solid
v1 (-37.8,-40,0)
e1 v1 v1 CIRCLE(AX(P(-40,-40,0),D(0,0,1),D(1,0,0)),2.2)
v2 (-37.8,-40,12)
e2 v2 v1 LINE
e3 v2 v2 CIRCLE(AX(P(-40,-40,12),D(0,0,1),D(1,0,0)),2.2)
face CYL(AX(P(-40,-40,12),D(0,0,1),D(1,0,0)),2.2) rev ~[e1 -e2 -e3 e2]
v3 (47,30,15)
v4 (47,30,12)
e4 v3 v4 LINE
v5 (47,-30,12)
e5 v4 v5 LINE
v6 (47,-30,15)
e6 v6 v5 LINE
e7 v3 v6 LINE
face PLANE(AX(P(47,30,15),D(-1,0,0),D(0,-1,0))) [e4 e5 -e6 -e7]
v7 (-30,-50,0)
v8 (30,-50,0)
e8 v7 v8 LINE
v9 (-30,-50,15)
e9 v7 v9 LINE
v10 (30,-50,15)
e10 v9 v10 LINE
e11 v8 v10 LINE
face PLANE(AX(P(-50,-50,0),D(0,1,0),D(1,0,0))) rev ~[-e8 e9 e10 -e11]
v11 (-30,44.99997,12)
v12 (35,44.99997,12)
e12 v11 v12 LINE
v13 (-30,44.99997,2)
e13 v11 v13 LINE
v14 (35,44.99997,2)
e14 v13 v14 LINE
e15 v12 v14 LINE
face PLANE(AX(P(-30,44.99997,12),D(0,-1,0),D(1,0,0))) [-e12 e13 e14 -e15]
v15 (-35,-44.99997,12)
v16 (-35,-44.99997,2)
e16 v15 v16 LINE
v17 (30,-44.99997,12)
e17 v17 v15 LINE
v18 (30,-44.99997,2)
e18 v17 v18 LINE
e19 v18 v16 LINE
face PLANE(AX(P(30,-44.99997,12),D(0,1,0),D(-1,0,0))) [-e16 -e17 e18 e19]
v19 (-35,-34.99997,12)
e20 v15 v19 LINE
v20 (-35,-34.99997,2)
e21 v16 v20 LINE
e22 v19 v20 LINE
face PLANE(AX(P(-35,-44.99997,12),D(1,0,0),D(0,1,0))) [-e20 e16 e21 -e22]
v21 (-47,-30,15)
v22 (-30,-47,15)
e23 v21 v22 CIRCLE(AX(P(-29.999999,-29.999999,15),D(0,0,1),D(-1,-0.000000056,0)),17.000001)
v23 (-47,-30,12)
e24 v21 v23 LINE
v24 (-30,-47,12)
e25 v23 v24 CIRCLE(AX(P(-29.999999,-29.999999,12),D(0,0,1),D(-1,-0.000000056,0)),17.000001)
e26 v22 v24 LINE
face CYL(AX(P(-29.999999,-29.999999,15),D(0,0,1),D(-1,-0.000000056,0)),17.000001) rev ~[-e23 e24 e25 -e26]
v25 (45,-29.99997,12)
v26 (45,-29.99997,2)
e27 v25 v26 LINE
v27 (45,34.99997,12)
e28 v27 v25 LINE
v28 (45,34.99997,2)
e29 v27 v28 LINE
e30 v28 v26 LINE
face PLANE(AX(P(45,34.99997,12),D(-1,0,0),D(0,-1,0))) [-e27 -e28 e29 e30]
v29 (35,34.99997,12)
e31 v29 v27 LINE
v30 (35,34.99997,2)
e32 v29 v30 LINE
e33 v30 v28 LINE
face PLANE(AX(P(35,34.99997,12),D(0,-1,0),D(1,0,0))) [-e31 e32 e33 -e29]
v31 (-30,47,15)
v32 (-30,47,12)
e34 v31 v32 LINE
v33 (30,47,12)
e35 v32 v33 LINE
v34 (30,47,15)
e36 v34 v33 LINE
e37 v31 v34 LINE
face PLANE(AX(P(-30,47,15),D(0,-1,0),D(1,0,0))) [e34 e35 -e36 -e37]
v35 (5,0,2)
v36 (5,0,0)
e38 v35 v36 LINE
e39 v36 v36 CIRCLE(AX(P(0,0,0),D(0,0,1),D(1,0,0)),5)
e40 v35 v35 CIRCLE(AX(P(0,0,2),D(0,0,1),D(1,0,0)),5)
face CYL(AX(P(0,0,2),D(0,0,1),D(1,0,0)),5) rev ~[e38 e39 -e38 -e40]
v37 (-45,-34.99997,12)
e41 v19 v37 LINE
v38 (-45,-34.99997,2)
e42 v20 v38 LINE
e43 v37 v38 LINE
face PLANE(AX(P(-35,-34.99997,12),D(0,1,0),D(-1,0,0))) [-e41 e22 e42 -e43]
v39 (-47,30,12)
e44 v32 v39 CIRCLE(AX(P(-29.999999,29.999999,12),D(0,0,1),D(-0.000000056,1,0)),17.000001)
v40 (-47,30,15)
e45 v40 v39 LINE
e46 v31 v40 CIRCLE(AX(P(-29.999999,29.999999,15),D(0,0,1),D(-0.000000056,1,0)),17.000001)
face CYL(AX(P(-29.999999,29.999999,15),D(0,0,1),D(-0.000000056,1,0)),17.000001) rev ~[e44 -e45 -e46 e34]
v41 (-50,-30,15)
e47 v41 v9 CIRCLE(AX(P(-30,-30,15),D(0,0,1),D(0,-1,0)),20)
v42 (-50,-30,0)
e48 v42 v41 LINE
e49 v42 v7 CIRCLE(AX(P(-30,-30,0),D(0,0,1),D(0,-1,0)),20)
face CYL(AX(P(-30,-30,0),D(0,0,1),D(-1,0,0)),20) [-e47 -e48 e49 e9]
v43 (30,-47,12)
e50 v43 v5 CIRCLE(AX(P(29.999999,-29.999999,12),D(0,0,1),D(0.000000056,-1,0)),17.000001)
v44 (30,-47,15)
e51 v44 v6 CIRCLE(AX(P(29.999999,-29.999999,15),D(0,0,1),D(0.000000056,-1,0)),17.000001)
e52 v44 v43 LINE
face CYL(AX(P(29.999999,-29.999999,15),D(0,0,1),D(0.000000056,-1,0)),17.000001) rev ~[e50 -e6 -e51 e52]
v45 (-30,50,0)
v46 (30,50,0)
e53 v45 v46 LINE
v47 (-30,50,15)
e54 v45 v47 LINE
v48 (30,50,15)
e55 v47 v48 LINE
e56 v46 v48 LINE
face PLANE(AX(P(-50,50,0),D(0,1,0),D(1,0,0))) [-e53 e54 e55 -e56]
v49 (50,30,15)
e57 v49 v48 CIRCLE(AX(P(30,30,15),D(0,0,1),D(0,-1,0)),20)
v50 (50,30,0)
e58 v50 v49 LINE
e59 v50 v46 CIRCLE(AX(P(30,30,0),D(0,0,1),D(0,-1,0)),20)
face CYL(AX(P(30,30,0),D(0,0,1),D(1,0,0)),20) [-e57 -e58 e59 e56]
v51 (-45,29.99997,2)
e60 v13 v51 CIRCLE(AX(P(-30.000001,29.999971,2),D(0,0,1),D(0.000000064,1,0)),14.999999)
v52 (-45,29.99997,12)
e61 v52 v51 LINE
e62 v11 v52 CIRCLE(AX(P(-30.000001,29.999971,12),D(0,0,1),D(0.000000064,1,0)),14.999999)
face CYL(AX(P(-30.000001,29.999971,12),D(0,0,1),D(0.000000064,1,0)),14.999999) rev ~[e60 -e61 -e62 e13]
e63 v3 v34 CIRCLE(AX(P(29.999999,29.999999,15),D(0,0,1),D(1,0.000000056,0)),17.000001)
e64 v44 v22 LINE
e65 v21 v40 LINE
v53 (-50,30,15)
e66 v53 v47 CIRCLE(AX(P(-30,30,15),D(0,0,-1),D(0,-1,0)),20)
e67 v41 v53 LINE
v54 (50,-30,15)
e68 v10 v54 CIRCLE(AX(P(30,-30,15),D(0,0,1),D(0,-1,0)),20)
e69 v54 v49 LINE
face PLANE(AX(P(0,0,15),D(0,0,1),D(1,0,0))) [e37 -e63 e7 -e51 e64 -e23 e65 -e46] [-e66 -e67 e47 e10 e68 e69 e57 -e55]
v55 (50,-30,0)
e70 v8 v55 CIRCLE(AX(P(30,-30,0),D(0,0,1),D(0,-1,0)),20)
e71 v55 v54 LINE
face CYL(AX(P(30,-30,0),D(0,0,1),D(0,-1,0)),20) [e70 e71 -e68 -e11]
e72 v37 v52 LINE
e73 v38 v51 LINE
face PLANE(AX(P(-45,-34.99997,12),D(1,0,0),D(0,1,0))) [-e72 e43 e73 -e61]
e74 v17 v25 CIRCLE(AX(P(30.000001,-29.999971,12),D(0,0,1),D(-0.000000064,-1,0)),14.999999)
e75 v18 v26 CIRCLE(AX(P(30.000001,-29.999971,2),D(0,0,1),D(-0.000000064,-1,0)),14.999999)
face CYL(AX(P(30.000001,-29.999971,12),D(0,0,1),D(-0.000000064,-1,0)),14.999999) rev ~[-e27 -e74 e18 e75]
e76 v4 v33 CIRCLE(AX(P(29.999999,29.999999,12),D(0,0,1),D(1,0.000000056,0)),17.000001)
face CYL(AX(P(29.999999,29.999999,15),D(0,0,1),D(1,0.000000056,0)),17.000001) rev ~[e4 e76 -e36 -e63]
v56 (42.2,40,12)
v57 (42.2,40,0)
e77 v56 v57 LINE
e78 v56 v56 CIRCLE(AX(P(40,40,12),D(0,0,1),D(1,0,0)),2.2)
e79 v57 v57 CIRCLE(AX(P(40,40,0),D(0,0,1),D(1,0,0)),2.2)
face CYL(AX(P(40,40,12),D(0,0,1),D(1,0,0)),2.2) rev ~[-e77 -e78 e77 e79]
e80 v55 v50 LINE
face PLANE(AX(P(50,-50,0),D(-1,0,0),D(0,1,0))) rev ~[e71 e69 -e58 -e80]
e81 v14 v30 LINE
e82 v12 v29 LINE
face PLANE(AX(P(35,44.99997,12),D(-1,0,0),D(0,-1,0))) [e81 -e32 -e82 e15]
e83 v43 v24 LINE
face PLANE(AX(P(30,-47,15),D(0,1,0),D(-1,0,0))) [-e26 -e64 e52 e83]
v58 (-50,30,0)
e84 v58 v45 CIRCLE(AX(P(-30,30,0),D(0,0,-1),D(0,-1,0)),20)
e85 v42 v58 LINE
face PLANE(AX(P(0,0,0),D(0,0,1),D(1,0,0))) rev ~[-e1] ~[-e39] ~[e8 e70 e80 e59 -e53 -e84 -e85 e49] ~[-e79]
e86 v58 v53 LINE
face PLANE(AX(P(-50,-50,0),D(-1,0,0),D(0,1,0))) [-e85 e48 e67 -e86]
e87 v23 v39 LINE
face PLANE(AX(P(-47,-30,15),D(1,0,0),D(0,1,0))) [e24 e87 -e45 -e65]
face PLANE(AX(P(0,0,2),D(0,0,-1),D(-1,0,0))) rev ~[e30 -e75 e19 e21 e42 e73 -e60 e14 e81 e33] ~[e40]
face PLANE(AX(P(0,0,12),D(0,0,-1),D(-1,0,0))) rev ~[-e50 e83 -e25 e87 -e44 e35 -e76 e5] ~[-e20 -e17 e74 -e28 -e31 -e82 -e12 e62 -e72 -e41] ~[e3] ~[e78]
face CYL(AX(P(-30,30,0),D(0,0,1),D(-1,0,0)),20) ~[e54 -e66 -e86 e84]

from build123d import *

# Parameters (mm, degrees)
SKETCH_W        = 100
SKETCH_H        = 100
PAD_DEPTH       = 15
FILLET_R        = 20
POCKET_DEPTH    = 3
POCKET001_DEPTH = 10
SKETCH003_R     = 2.2
POCKET002_DEPTH = 12.001
SKETCH004_R     = 5
POCKET003_DEPTH = 2.001


with BuildPart() as part:
    # Sketch → Pad (new body)
    with BuildSketch(Plane.XY):
        Rectangle(SKETCH_W, SKETCH_H)
    extrude(amount=PAD_DEPTH)

    # Fillet
    fillet_edges = [part.edges().sort_by_distance(p)[0] for p in [
        (-50, 50, 7.5),
        (50, 50, 7.5),
        (50, -50, 7.5),
        (-50, -50, 7.5),
    ]]
    fillet(fillet_edges, radius=FILLET_R)

    # Sketch001 (on Face5 of Fillet) → Pocket (cut)
    with BuildSketch(Plane.XY.offset(15)):
        with BuildLine():
            Line((-30, 47), (30, 47))
            ThreePointArc((47, 30), (42.020815, 42.020815), (30, 47))
            Line((47, 30), (47, -30))
            ThreePointArc((30, -47), (42.020815, -42.020815), (47, -30))
            Line((30, -47), (-30, -47))
            ThreePointArc((-47, -30), (-42.020815, -42.020815), (-30, -47))
            Line((-47, -30), (-47, 30))
            ThreePointArc((-30, 47), (-42.020815, 42.020815), (-47, 30))
        make_face()
    extrude(amount=-POCKET_DEPTH, mode=Mode.SUBTRACT)

    # Sketch002 (on Face19 of Pocket) → Pocket001 (cut)
    with BuildSketch(Plane.XY.offset(12)):
        with BuildLine():
            Line((35, 44.99997), (35, 34.99997))
            Line((35, 34.99997), (45, 34.99997))
            Line((45, 34.99997), (45, -29.99997))
            ThreePointArc((30, -44.99997), (40.606602, -40.606572), (45, -29.99997))
            Line((30, -44.99997), (-35, -44.99997))
            Line((-35, -44.99997), (-35, -34.99997))
            Line((-35, -34.99997), (-45, -34.99997))
            Line((-45, -34.99997), (-45, 29.99997))
            ThreePointArc((-30, 44.99997), (-40.606602, 40.606572), (-45, 29.99997))
            Line((-30, 44.99997), (35, 44.99997))
        make_face()
    extrude(amount=-POCKET001_DEPTH, mode=Mode.SUBTRACT)

    # Sketch003 (on Face19 of Pocket001) → Pocket002 (cut, through all)
    with BuildSketch(Plane.XY.offset(12)):
        with Locations((-40, -40)):
            Circle(SKETCH003_R)
        with Locations((40, 40)):
            Circle(SKETCH003_R)
    extrude(amount=-POCKET002_DEPTH, mode=Mode.SUBTRACT)

    # Sketch004 (on Face32 of Pocket002) → Pocket003 (cut, through all)
    with BuildSketch(Plane.XY.offset(2)):
        Circle(SKETCH004_R)
    extrude(amount=-POCKET003_DEPTH, mode=Mode.SUBTRACT)


solid = part.part
